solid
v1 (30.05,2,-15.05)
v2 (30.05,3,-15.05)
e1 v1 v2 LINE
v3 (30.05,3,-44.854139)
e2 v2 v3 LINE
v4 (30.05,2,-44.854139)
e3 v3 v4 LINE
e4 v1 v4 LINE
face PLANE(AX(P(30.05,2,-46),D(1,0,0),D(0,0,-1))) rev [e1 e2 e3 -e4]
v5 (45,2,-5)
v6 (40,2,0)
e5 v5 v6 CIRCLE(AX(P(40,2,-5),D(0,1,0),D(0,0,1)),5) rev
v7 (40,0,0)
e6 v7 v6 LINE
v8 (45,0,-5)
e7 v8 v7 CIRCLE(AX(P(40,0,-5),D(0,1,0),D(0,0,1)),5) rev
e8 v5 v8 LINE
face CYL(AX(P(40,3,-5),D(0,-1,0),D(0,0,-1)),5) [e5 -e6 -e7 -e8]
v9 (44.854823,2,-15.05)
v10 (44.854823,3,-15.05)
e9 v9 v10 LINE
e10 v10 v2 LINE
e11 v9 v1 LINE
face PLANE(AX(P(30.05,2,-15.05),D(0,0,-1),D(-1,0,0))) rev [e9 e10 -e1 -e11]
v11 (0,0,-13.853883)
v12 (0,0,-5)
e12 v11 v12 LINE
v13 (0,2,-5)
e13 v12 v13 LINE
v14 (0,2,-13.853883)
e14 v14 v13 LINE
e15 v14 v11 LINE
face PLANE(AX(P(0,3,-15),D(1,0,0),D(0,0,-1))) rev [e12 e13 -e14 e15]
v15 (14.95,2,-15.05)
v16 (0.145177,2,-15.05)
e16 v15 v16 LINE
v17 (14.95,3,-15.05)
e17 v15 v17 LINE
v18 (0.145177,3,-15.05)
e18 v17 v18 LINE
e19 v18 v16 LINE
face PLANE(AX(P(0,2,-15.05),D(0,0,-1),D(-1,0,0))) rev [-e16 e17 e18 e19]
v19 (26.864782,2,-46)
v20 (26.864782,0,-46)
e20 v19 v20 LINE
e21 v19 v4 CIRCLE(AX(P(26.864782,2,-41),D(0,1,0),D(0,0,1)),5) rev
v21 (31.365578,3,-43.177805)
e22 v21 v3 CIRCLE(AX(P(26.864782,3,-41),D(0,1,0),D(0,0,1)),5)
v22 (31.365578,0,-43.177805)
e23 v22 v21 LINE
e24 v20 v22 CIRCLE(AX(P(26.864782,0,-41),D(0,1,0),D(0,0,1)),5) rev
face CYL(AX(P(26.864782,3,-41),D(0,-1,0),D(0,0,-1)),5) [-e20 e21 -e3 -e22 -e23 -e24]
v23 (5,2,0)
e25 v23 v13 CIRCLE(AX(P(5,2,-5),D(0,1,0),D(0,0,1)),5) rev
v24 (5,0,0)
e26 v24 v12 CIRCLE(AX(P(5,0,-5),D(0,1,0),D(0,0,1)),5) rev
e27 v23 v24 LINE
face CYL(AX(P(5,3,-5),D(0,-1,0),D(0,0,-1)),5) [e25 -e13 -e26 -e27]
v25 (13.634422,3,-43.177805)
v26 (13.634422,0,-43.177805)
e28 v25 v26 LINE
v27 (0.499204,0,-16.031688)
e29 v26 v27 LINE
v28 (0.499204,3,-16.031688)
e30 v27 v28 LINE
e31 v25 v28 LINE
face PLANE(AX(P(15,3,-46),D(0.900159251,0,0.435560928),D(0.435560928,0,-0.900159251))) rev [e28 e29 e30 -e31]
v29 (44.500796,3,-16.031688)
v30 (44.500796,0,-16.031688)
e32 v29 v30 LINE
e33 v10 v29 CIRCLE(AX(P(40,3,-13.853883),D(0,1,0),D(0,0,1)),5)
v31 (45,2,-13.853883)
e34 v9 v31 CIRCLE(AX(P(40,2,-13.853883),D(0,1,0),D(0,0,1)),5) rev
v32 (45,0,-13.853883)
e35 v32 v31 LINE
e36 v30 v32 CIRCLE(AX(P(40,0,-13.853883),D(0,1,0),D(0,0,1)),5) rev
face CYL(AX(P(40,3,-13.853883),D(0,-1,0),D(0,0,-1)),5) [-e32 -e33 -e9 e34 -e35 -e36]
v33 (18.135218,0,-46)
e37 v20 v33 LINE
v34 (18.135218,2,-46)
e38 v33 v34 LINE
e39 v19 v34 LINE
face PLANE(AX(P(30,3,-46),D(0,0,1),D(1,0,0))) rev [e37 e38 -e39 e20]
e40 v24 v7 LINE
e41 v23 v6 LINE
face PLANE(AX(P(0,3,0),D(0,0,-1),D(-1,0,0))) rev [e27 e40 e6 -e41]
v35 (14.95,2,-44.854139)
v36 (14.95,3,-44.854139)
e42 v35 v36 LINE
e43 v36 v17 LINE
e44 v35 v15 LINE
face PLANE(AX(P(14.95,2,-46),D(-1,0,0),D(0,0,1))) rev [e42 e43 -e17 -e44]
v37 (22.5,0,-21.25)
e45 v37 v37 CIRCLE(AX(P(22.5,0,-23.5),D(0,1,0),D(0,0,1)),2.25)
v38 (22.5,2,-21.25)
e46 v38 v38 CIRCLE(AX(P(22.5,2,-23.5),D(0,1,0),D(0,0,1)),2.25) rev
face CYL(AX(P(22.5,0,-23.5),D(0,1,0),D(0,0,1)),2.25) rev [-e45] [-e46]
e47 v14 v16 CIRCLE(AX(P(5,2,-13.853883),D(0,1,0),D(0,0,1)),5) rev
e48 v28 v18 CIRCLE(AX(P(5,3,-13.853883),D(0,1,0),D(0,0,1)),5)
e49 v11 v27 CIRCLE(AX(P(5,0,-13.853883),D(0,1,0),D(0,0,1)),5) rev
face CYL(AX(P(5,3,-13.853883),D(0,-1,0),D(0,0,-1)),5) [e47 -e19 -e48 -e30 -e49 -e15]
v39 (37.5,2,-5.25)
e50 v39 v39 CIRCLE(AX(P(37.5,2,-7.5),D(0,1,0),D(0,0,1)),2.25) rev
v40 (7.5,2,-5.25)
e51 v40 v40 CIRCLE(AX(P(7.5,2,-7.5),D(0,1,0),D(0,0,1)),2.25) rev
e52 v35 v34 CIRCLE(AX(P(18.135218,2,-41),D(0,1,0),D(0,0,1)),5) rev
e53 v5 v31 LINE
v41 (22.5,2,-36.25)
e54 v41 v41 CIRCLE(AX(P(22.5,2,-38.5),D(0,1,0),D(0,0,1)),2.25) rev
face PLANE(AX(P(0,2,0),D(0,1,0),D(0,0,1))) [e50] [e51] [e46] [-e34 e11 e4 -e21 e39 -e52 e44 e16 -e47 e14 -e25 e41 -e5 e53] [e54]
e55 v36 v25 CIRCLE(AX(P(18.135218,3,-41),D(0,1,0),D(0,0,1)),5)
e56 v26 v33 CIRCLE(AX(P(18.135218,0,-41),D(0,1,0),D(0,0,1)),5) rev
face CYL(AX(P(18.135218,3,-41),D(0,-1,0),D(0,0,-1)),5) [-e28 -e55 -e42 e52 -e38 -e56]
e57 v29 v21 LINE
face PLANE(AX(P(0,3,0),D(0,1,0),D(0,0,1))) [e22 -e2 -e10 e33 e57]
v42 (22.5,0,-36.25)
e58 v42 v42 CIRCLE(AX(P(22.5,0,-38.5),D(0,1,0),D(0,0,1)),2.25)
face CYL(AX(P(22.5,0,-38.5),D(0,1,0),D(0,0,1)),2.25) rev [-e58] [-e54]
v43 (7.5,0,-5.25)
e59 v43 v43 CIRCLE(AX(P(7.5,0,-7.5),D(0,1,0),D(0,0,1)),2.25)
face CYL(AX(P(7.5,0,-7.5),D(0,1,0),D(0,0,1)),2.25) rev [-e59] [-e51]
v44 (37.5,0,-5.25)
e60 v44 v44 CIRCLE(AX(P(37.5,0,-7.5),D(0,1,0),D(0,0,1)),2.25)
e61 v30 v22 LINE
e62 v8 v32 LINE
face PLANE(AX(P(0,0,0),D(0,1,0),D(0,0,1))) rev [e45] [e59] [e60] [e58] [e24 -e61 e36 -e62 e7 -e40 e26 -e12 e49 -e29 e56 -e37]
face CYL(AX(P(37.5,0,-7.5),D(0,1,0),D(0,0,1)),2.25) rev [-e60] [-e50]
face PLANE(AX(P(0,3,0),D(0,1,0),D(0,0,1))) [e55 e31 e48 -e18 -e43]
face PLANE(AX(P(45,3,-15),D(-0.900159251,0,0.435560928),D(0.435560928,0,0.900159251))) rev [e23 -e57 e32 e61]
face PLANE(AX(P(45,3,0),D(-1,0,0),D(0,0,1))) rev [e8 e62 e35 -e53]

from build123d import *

# Parameters (mm, degrees)
EXTRUDE_1_DEPTH     = 3
SKETCH_2_R          = 2.25
CUT_EXTRUDE_1_DEPTH = 3
FILLET_1_R          = 5
CUT_EXTRUDE_2_DEPTH = 1


with BuildPart() as part:
    # ｽｹｯﾁ1 → ﾎﾞｽ - 押し出し1 (new body)
    with BuildSketch(Plane(origin=(0, 0, 0), x_dir=(1, 0, 0), z_dir=(0, 1, 0))):
        Polygon((0, 0), (45, 0), (45, 15), (30, 46), (15, 46), (0, 15), align=None)
    extrude(amount=EXTRUDE_1_DEPTH)

    # ｽｹｯﾁ2 → ｶｯﾄ - 押し出し1 (cut)
    with BuildSketch(Plane(origin=(0, 3, 0), x_dir=(1, 0, 0), z_dir=(0, 1, 0))):
        with Locations((7.5, 7.5)):
            Circle(SKETCH_2_R)
        with Locations((22.5, 38.5)):
            Circle(SKETCH_2_R)
        with Locations((22.5, 23.5)):
            Circle(SKETCH_2_R)
        with Locations((37.5, 7.5)):
            Circle(SKETCH_2_R)
    extrude(amount=-CUT_EXTRUDE_1_DEPTH, mode=Mode.SUBTRACT)

    # ﾌｨﾚｯﾄ1
    fillet_1_edges = [part.edges().sort_by_distance(p)[0] for p in [
        (0, 1.5, -15),
        (15, 1.5, -46),
        (30, 1.5, -46),
        (45, 1.5, -15),
        (45, 1.5, 0),
        (0, 1.5, 0),
    ]]
    fillet(fillet_1_edges, radius=FILLET_1_R)

    # ｽｹｯﾁ3 → ｶｯﾄ - 押し出し2 (cut)
    with BuildSketch(Plane(origin=(0, 3, 0), x_dir=(1, 0, 0), z_dir=(0, 1, 0))):
        Polygon((14.95, 46), (30.05, 46), (30.05, 15.05), (45, 15.05), (45, 0), (0, 0), (0, 15.05), (14.95, 15.05), align=None)
    extrude(amount=-CUT_EXTRUDE_2_DEPTH, mode=Mode.SUBTRACT)


solid = part.part
